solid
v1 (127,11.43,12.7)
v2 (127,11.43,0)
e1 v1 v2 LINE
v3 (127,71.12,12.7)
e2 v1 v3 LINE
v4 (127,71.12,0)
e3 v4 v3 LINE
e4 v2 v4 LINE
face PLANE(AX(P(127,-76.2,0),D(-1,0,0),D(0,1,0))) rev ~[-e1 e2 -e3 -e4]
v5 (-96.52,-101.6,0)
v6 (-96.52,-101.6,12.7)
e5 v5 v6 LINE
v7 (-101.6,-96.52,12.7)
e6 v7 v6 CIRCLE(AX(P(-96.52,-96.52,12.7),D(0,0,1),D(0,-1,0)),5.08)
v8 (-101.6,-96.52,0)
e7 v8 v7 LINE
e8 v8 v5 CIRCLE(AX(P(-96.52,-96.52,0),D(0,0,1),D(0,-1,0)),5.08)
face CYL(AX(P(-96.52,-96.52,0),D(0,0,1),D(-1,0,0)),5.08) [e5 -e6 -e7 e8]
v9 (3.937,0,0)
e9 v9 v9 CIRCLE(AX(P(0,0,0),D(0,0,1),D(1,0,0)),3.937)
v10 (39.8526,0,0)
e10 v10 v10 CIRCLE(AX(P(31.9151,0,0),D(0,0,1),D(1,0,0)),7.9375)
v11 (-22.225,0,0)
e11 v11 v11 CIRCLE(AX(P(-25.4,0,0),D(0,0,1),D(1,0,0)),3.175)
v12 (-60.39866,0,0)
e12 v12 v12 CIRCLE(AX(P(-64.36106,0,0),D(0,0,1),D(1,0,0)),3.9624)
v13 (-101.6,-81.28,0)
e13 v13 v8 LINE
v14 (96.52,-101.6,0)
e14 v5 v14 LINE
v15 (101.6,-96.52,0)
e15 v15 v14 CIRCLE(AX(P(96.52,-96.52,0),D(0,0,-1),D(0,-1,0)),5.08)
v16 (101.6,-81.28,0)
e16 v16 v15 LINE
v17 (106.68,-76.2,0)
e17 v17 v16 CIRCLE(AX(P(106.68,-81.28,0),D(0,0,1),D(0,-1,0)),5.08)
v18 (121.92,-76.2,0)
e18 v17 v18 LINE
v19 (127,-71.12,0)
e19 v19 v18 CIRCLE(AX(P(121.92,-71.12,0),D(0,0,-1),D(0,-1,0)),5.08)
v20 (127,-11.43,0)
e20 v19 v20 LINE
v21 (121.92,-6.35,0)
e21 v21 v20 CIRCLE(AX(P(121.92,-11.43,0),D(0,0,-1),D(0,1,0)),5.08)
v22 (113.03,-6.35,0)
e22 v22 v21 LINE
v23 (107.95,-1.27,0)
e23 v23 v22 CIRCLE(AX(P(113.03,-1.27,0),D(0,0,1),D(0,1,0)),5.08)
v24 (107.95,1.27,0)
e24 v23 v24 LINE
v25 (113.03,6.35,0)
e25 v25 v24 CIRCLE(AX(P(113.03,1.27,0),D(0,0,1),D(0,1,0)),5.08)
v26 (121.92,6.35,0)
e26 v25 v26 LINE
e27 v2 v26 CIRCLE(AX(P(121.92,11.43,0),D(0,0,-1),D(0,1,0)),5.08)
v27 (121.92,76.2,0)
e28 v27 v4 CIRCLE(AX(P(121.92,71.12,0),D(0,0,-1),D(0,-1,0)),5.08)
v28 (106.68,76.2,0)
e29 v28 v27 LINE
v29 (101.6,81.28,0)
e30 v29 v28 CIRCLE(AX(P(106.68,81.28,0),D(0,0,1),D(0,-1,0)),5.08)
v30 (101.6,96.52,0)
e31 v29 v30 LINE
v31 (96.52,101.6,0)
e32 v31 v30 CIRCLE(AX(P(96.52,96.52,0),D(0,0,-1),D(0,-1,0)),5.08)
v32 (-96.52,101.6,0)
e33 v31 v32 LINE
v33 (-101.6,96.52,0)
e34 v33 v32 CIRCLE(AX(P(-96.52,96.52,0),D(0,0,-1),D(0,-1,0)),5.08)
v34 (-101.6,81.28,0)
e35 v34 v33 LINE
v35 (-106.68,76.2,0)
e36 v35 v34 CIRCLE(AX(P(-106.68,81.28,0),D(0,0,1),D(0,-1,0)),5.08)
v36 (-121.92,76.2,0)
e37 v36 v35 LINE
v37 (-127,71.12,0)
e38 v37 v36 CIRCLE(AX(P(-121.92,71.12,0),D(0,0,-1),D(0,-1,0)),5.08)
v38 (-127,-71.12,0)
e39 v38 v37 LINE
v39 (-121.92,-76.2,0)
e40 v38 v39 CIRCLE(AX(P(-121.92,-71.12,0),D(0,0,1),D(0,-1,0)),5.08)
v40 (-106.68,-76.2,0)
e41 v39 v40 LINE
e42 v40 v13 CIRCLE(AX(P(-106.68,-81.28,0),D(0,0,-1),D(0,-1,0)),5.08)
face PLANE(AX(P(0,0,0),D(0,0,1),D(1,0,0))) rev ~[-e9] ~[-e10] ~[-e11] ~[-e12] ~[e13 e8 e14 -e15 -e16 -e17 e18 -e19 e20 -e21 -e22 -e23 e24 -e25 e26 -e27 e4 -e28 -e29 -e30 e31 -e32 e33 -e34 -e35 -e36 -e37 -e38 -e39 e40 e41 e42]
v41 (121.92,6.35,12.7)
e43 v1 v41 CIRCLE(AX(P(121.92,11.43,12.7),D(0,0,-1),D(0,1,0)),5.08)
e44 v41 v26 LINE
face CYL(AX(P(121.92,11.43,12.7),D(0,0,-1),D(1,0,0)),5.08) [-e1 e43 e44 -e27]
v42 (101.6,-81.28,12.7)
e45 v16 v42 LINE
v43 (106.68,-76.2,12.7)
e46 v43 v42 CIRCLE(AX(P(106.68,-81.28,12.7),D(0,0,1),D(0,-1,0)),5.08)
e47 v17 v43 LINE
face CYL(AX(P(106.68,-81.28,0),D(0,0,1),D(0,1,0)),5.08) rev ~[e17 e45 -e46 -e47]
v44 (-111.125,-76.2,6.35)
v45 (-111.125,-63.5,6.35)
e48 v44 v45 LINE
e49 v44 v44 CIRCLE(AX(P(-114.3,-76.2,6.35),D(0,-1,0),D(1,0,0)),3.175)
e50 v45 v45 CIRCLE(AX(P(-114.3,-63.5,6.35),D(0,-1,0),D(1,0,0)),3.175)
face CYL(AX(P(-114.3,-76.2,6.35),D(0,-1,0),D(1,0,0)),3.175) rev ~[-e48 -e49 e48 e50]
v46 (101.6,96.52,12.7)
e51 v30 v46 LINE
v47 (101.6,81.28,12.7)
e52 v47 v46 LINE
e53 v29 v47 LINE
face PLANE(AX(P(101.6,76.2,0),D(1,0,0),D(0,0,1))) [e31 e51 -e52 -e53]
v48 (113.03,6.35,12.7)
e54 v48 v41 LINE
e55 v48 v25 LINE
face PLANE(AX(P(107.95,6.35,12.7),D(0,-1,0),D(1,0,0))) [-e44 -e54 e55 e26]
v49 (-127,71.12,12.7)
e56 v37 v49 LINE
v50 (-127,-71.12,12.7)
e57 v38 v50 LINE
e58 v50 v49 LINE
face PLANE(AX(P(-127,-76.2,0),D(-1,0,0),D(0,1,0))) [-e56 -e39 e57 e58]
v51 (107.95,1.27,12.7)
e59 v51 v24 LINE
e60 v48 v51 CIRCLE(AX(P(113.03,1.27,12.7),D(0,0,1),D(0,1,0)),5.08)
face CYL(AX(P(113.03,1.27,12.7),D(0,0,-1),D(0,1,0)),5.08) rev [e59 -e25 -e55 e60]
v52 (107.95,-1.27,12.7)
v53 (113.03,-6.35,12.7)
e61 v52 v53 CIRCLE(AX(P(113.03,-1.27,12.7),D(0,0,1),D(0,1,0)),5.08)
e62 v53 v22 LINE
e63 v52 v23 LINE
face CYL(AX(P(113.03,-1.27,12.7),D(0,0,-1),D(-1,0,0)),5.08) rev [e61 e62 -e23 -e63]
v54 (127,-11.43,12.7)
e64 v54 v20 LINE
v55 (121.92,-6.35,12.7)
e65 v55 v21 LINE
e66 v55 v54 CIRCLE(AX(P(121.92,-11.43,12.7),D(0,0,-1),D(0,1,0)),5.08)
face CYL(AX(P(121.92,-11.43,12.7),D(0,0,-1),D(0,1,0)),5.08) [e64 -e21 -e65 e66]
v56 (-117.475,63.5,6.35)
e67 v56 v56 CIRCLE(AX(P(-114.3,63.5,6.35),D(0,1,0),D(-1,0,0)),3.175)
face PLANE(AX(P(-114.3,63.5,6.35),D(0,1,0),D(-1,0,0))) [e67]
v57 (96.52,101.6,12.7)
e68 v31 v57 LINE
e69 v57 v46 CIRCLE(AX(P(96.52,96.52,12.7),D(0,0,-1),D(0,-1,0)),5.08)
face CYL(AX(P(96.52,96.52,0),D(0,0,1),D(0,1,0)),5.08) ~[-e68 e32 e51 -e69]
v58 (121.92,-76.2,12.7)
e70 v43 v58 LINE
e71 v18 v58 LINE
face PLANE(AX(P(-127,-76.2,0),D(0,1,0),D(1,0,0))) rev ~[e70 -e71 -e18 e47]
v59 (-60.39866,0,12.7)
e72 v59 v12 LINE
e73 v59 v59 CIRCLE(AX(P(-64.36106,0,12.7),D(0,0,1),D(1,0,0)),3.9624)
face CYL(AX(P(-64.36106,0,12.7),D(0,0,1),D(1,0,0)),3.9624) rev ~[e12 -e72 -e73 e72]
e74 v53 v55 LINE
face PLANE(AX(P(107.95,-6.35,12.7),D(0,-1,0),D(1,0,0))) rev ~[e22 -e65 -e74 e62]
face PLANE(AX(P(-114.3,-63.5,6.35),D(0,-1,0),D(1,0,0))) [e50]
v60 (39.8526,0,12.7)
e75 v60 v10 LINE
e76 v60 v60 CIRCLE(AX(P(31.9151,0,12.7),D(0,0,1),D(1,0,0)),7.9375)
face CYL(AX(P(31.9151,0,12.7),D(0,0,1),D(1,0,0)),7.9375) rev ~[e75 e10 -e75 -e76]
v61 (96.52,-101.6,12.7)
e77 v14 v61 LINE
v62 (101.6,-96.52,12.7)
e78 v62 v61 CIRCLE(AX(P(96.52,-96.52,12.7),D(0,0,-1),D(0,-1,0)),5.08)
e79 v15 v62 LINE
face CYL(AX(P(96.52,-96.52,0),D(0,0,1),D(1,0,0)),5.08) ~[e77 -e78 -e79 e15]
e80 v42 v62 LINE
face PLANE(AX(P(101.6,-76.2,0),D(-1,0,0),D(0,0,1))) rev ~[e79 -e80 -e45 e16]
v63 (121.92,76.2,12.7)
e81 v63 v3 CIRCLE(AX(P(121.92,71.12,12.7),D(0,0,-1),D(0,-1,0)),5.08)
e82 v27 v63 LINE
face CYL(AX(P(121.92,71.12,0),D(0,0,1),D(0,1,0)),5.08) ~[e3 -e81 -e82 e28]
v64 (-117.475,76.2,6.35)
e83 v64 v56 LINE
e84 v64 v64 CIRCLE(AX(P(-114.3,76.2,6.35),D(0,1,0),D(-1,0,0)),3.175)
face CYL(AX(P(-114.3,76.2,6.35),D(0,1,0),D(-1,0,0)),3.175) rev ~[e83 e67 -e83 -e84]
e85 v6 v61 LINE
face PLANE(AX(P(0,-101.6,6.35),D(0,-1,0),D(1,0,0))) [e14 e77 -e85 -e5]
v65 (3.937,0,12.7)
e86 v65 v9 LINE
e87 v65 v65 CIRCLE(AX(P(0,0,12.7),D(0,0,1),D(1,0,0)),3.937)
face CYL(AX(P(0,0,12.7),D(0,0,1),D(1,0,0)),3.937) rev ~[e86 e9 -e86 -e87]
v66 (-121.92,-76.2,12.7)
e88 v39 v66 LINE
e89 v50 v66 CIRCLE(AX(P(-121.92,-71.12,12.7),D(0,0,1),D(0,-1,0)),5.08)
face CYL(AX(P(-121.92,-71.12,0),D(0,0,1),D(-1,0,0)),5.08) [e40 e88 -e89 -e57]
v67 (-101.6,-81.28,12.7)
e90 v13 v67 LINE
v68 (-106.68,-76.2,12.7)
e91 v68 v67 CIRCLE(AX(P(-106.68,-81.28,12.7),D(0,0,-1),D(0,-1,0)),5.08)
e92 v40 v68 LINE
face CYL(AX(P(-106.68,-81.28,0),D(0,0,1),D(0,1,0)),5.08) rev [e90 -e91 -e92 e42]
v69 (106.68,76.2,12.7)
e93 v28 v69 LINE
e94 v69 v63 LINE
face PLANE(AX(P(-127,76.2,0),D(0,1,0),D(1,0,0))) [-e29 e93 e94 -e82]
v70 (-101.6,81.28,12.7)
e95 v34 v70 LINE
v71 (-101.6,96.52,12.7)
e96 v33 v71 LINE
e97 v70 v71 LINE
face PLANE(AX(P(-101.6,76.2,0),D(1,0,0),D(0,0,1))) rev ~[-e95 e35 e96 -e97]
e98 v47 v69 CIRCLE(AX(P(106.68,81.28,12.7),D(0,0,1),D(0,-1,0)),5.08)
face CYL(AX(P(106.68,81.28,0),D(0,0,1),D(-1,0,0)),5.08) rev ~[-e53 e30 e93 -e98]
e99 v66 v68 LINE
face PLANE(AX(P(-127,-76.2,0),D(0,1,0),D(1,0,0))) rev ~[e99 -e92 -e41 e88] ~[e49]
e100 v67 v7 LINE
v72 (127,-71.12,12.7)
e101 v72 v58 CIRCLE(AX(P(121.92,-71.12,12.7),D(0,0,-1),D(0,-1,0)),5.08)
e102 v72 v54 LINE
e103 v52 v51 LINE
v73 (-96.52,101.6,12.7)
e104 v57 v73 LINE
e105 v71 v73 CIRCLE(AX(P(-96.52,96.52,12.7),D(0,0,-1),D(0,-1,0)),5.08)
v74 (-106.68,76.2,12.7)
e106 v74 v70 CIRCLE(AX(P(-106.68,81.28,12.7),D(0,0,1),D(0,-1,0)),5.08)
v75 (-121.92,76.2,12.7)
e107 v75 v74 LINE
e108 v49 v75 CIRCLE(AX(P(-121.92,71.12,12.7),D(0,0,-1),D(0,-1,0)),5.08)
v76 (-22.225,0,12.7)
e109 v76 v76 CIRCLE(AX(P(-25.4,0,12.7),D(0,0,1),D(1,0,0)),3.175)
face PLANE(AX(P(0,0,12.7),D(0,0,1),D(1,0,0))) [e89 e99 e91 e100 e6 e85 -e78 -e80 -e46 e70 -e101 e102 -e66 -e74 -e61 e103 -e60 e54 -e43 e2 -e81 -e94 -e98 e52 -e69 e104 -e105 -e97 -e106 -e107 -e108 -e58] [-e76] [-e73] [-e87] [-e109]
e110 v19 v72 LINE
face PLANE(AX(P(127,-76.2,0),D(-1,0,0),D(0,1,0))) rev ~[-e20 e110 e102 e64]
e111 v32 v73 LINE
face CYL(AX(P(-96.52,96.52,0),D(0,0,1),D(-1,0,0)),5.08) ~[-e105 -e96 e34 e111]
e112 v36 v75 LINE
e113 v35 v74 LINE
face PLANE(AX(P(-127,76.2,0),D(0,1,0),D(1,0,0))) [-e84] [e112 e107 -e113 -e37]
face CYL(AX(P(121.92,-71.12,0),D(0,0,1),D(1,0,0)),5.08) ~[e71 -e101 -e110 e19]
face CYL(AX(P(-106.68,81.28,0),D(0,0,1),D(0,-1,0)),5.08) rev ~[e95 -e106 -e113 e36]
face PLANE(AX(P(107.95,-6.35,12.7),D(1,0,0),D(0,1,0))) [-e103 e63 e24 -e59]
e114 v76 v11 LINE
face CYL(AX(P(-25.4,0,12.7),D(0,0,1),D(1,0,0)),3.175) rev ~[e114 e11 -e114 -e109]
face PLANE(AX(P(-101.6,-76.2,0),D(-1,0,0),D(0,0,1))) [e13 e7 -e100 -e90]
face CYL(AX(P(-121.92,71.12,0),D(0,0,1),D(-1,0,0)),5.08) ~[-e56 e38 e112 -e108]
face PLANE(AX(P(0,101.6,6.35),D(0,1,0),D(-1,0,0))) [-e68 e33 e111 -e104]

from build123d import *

# Parameters (mm, degrees)
F0_W      = 254
F0_H      = 152.4
F1_DEPTH  = 12.7
F2_W      = 203.2
F2_H      = 12.7
F3_DEPTH  = 25.4
F4_W      = 203.2
F4_H      = 12.7
F5_DEPTH  = 25.4
F6_R      = 3.175
F7_DEPTH  = 12.7
F8_R      = 3.175
F9_DEPTH  = 12.7
F10_W     = 19.05
F10_H     = 12.7
F11_DEPTH = 25.4
F12_R     = 5.08
F13_R     = 3.937
F14_DEPTH = 25.4
F15_R     = 7.9375
F16_DEPTH = 25.4
F17_R     = 3.9624
F18_DEPTH = 25.4
F19_R     = 3.175
F20_DEPTH = 25.4


with BuildPart() as f1:
    # F0 (on Top) → F1 (new body)
    with BuildSketch(Plane.XY):
        Rectangle(F0_W, F0_H)
    extrude(amount=F1_DEPTH)

    # F2 (on face) → F3 (join)
    with BuildSketch(Plane(origin=(0, 76.2, 0), x_dir=(-1, 0, 0), z_dir=(0, 1, 0))):
        with Locations((0, 6.35)):
            Rectangle(F2_W, F2_H)
    extrude(amount=F3_DEPTH)

    # F4 (on face) → F5 (join)
    with BuildSketch(Plane.XZ.offset(76.2)):
        with Locations((0, 6.35)):
            Rectangle(F4_W, F4_H)
    extrude(amount=F5_DEPTH)

    # F6 (on face) → F7 (cut)
    with BuildSketch(Plane.XZ.offset(76.2)):
        with Locations((-114.3, 6.35)):
            Circle(F6_R)
    extrude(amount=-F7_DEPTH, mode=Mode.SUBTRACT)

    # F8 (on face) → F9 (cut)
    with BuildSketch(Plane(origin=(0, 76.2, 0), x_dir=(-1, 0, 0), z_dir=(0, 1, 0))):
        with Locations((114.3, 6.35)):
            Circle(F8_R)
    extrude(amount=-F9_DEPTH, mode=Mode.SUBTRACT)

    # F10 (on face) → F11 (cut)
    with BuildSketch(Plane.XY.offset(12.7)):
        with Locations((117.475, 0)):
            Rectangle(F10_W, F10_H)
    extrude(amount=-F11_DEPTH, mode=Mode.SUBTRACT)

    # F12
    f12_edges = [f1.edges().sort_by_distance(p)[0] for p in [
        (101.6, -101.6, 6.35),
        (127, -76.2, 6.35),
        (127, -6.35, 6.35),
        (127, 6.35, 6.35),
        (107.95, 6.35, 6.35),
        (107.95, -6.35, 6.35),
        (127, 76.2, 6.35),
        (101.6, 76.2, 6.35),
        (101.6, 101.6, 6.35),
        (101.6, -76.2, 6.35),
        (-101.6, -101.6, 6.35),
        (-101.6, -76.2, 6.35),
        (-127, -76.2, 6.35),
        (-127, 76.2, 6.35),
        (-101.6, 76.2, 6.35),
        (-101.6, 101.6, 6.35),
    ]]
    fillet(f12_edges, radius=F12_R)

    # F13 (on face) → F14 (cut)
    with BuildSketch(Plane.XY.offset(12.7)):
        Circle(F13_R)
    extrude(amount=-F14_DEPTH, mode=Mode.SUBTRACT)

    # F15 (on face) → F16 (cut)
    with BuildSketch(Plane.XY.offset(12.7)):
        with Locations((31.9151, 0)):
            Circle(F15_R)
    extrude(amount=-F16_DEPTH, mode=Mode.SUBTRACT)

    # F17 (on face) → F18 (cut)
    with BuildSketch(Plane.XY.offset(12.7)):
        with Locations((-64.36106, 0)):
            Circle(F17_R)
    extrude(amount=-F18_DEPTH, mode=Mode.SUBTRACT)

    # F19 (on face) → F20 (cut)
    with BuildSketch(Plane.XY.offset(12.7)):
        with Locations((-25.4, 0)):
            Circle(F19_R)
    extrude(amount=-F20_DEPTH, mode=Mode.SUBTRACT)


solid = f1.part
